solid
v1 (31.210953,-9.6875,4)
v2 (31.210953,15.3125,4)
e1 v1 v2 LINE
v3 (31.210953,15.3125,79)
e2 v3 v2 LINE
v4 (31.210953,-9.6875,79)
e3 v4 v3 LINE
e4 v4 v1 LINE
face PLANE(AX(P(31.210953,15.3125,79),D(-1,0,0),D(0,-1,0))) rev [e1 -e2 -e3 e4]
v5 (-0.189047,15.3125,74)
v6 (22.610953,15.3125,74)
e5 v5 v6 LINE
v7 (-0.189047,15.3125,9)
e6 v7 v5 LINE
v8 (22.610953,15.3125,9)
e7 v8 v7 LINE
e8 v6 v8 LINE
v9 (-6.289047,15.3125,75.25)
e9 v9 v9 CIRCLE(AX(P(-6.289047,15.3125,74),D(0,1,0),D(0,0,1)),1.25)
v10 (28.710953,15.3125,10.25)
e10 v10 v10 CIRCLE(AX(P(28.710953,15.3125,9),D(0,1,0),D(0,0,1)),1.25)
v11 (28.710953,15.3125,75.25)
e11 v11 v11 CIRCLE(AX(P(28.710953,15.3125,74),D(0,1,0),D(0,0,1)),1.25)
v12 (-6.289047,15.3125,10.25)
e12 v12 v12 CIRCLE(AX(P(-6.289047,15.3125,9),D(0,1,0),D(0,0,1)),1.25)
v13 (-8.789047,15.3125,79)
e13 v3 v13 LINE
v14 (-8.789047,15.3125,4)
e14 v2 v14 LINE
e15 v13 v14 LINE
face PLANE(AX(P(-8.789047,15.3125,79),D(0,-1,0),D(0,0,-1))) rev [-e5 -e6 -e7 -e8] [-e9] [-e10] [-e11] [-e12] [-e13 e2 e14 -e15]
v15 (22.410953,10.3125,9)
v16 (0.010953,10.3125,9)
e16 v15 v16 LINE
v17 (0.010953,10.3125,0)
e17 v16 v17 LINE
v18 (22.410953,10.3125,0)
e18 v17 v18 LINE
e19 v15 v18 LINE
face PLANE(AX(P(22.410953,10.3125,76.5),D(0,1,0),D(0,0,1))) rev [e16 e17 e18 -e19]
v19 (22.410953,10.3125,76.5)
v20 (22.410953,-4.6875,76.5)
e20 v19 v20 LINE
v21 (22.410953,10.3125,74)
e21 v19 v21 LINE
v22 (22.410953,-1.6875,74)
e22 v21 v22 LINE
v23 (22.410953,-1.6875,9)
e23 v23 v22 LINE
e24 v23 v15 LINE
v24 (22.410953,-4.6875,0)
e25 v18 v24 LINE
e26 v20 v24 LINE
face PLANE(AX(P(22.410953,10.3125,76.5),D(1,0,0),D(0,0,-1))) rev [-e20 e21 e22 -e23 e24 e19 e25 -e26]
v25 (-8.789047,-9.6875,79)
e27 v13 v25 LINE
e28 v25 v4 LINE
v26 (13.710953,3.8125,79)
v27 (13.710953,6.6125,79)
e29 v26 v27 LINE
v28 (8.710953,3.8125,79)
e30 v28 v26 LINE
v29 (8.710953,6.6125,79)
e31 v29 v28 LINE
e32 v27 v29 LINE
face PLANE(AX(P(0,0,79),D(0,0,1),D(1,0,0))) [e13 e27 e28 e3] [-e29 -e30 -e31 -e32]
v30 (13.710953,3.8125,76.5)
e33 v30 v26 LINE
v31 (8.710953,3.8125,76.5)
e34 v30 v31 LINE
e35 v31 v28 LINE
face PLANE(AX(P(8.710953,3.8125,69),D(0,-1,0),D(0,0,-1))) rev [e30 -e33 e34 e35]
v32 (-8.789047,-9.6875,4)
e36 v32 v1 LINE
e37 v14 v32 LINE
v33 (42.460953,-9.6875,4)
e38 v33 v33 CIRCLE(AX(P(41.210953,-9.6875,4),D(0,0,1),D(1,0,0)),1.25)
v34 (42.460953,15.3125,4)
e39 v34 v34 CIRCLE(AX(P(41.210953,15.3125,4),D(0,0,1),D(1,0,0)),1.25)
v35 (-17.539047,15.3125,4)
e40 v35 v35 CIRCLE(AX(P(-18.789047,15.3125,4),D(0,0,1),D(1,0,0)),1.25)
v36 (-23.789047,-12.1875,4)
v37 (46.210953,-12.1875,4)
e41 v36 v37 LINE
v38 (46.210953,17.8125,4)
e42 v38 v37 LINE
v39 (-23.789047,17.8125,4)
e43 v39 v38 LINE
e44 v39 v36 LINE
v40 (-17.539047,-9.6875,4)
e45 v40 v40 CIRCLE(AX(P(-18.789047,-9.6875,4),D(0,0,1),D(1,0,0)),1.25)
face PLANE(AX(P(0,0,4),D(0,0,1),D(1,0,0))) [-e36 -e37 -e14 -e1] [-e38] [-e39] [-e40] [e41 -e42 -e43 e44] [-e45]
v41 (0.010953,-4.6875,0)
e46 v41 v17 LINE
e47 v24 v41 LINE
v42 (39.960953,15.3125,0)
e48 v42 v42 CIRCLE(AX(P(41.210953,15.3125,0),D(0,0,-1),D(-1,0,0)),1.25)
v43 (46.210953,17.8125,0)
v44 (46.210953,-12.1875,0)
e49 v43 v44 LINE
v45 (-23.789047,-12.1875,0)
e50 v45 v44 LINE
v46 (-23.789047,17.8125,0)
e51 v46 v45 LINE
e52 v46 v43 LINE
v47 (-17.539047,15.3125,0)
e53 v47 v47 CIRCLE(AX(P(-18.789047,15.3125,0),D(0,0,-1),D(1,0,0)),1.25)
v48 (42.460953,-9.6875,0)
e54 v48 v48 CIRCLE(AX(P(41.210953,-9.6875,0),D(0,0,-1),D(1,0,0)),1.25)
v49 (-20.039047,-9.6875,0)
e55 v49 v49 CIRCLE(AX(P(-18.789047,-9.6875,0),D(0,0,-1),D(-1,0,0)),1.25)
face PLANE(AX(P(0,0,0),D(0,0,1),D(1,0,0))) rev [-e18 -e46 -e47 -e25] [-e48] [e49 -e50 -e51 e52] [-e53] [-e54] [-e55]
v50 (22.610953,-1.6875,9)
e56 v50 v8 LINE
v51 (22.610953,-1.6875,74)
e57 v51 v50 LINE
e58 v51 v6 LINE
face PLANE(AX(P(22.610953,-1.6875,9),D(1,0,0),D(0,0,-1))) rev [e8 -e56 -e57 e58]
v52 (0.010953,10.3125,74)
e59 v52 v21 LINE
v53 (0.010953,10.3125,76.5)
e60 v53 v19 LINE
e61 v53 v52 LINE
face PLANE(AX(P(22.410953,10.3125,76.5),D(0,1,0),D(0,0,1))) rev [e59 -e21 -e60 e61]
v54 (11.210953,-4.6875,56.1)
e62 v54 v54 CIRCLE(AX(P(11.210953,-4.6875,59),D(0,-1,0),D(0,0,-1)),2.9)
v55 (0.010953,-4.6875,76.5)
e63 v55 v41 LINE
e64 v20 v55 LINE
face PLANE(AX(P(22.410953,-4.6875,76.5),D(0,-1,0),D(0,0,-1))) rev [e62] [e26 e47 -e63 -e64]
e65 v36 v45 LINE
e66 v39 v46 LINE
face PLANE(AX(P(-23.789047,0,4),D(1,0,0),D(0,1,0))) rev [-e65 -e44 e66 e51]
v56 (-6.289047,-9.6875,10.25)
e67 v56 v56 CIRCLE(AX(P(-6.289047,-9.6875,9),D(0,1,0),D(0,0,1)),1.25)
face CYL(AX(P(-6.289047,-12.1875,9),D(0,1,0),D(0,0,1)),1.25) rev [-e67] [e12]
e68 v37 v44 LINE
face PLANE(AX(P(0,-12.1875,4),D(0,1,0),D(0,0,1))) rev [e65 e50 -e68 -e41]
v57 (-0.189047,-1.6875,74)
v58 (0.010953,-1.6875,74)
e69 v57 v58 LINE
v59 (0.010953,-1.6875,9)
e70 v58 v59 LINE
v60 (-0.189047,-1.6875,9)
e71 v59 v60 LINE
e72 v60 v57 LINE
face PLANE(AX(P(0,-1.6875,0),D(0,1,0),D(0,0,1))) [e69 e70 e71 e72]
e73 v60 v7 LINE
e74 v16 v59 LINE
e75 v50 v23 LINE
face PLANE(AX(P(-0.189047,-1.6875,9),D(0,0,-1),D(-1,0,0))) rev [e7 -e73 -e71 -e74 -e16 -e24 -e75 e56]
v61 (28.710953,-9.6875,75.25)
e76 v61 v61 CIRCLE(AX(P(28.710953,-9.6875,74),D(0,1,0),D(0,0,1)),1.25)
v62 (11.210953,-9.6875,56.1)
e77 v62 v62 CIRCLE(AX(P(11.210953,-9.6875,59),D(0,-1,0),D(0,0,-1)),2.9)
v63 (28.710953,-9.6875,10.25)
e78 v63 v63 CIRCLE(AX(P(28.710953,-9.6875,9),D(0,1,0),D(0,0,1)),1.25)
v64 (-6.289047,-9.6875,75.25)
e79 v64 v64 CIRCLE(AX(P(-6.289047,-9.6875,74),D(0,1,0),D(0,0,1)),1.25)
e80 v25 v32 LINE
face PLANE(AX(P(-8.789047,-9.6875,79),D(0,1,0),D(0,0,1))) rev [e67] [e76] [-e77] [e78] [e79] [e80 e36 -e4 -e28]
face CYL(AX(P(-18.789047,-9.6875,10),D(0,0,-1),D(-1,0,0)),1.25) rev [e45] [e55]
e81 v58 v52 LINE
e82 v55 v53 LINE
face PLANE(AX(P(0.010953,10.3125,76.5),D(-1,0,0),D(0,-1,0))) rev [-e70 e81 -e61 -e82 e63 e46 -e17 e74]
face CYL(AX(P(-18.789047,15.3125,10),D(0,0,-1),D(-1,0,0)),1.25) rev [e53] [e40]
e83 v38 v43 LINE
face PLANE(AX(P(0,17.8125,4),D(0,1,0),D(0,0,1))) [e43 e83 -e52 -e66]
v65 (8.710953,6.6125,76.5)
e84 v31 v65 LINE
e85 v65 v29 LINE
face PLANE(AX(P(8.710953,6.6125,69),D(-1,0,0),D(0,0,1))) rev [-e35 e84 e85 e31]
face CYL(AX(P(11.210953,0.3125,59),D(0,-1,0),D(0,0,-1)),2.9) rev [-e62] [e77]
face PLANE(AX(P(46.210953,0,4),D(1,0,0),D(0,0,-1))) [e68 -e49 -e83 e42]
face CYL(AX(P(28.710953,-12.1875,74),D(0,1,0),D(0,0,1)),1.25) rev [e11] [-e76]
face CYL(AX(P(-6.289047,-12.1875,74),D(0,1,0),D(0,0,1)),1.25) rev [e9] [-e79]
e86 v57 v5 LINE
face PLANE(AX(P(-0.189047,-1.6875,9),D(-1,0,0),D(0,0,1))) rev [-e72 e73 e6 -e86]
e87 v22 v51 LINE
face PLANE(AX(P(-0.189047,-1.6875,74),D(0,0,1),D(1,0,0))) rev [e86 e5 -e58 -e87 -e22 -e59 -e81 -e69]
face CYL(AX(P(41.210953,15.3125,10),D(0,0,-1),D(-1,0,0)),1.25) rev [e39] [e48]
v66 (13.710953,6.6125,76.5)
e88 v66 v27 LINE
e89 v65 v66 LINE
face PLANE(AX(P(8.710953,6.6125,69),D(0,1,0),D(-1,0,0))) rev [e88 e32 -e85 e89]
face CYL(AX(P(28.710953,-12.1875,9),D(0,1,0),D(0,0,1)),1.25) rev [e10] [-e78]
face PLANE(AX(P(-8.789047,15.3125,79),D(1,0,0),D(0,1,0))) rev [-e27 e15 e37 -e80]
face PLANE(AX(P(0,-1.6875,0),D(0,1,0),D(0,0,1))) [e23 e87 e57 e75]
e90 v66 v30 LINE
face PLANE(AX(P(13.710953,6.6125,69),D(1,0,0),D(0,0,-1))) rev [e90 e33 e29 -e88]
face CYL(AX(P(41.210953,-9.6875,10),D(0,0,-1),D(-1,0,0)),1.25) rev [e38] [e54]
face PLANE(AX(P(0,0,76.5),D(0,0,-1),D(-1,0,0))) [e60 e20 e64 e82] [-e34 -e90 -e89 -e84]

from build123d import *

# Parameters (mm, degrees)
SKETCH2_W           = 70
SKETCH2_H           = 30
BOSS_EXTRUDE1_DEPTH = 4
SKETCH4_W           = 40
SKETCH4_H           = 25
BOSS_EXTRUDE7_DEPTH = 75
SKETCH6_W           = 22.4
SKETCH6_H           = 15
CUT_EXTRUDE13_DEPTH = 76.5
SKETCH8_W           = 22.8
SKETCH8_H           = 65
CUT_EXTRUDE14_DEPTH = 17
SKETCH9_R           = 1.25
CUT_EXTRUDE15_DEPTH = 28.5
SKETCH10_R          = 2.9
CUT_EXTRUDE18_DEPTH = 10
SKETCH11_W          = 5
SKETCH11_H          = 2.8
CUT_EXTRUDE17_DEPTH = 10
SKETCH12_R          = 1.25
CUT_EXTRUDE20_DEPTH = 10


with BuildPart() as part:
    # Sketch2 → Boss-Extrude1 (new body)
    with BuildSketch(Plane.XY):
        with Locations((11.210953405, 2.8125)):
            Rectangle(SKETCH2_W, SKETCH2_H)
    extrude(amount=BOSS_EXTRUDE1_DEPTH)

    # Sketch4 → Boss-Extrude7 (add)
    with BuildSketch(Plane.XY.offset(4)):
        with Locations((11.210953405, 2.8125)):
            Rectangle(SKETCH4_W, SKETCH4_H)
    extrude(amount=BOSS_EXTRUDE7_DEPTH)

    # Sketch6 → Cut-Extrude13 (cut)
    with BuildSketch(Plane(origin=(0, 0, 0), x_dir=(-1, 0, 0), z_dir=(0, 0, -1))):
        with Locations((-11.210953405, 2.8125)):
            Rectangle(SKETCH6_W, SKETCH6_H)
    extrude(amount=-CUT_EXTRUDE13_DEPTH, mode=Mode.SUBTRACT)

    # Sketch8 → Cut-Extrude14 (cut)
    with BuildSketch(Plane(origin=(0, 15.3125, 0), x_dir=(1, 0, 0), z_dir=(0, 1, 0))):
        with Locations((11.210953405, -41.5)):
            Rectangle(SKETCH8_W, SKETCH8_H)
    extrude(amount=-CUT_EXTRUDE14_DEPTH, mode=Mode.SUBTRACT)

    # Sketch9 → Cut-Extrude15 (cut, through all)
    with BuildSketch(Plane(origin=(0, 15.3125, 0), x_dir=(1, 0, 0), z_dir=(0, 1, 0))):
        with Locations((-6.289046595, -9)):
            Circle(SKETCH9_R)
        with Locations((28.710953405, -9)):
            Circle(SKETCH9_R)
        with Locations((-6.289046595, -74)):
            Circle(SKETCH9_R)
        with Locations((28.710953405, -74)):
            Circle(SKETCH9_R)
    extrude(amount=-CUT_EXTRUDE15_DEPTH, mode=Mode.SUBTRACT)

    # Sketch10 → Cut-Extrude18 (cut)
    with BuildSketch(Plane.XZ.offset(9.6875)):
        with Locations((11.210953405, 59)):
            Circle(SKETCH10_R)
    extrude(amount=-CUT_EXTRUDE18_DEPTH, mode=Mode.SUBTRACT)

    # Sketch11 → Cut-Extrude17 (cut)
    with BuildSketch(Plane.XY.offset(79)):
        with Locations((11.210953405, 5.2125)):
            Rectangle(SKETCH11_W, SKETCH11_H)
    extrude(amount=-CUT_EXTRUDE17_DEPTH, mode=Mode.SUBTRACT)

    # Sketch12 → Cut-Extrude20 (cut)
    with BuildSketch(Plane(origin=(0, 0, 0), x_dir=(-1, 0, 0), z_dir=(0, 0, -1))):
        with Locations((-41.210953405, 15.3125)):
            Circle(SKETCH12_R)
        with Locations((18.789046595, 15.3125)):
            Circle(SKETCH12_R)
        with Locations((18.789046595, -9.6875)):
            Circle(SKETCH12_R)
        with Locations((-41.210953405, -9.6875)):
            Circle(SKETCH12_R)
    extrude(amount=-CUT_EXTRUDE20_DEPTH, mode=Mode.SUBTRACT)


solid = part.part
